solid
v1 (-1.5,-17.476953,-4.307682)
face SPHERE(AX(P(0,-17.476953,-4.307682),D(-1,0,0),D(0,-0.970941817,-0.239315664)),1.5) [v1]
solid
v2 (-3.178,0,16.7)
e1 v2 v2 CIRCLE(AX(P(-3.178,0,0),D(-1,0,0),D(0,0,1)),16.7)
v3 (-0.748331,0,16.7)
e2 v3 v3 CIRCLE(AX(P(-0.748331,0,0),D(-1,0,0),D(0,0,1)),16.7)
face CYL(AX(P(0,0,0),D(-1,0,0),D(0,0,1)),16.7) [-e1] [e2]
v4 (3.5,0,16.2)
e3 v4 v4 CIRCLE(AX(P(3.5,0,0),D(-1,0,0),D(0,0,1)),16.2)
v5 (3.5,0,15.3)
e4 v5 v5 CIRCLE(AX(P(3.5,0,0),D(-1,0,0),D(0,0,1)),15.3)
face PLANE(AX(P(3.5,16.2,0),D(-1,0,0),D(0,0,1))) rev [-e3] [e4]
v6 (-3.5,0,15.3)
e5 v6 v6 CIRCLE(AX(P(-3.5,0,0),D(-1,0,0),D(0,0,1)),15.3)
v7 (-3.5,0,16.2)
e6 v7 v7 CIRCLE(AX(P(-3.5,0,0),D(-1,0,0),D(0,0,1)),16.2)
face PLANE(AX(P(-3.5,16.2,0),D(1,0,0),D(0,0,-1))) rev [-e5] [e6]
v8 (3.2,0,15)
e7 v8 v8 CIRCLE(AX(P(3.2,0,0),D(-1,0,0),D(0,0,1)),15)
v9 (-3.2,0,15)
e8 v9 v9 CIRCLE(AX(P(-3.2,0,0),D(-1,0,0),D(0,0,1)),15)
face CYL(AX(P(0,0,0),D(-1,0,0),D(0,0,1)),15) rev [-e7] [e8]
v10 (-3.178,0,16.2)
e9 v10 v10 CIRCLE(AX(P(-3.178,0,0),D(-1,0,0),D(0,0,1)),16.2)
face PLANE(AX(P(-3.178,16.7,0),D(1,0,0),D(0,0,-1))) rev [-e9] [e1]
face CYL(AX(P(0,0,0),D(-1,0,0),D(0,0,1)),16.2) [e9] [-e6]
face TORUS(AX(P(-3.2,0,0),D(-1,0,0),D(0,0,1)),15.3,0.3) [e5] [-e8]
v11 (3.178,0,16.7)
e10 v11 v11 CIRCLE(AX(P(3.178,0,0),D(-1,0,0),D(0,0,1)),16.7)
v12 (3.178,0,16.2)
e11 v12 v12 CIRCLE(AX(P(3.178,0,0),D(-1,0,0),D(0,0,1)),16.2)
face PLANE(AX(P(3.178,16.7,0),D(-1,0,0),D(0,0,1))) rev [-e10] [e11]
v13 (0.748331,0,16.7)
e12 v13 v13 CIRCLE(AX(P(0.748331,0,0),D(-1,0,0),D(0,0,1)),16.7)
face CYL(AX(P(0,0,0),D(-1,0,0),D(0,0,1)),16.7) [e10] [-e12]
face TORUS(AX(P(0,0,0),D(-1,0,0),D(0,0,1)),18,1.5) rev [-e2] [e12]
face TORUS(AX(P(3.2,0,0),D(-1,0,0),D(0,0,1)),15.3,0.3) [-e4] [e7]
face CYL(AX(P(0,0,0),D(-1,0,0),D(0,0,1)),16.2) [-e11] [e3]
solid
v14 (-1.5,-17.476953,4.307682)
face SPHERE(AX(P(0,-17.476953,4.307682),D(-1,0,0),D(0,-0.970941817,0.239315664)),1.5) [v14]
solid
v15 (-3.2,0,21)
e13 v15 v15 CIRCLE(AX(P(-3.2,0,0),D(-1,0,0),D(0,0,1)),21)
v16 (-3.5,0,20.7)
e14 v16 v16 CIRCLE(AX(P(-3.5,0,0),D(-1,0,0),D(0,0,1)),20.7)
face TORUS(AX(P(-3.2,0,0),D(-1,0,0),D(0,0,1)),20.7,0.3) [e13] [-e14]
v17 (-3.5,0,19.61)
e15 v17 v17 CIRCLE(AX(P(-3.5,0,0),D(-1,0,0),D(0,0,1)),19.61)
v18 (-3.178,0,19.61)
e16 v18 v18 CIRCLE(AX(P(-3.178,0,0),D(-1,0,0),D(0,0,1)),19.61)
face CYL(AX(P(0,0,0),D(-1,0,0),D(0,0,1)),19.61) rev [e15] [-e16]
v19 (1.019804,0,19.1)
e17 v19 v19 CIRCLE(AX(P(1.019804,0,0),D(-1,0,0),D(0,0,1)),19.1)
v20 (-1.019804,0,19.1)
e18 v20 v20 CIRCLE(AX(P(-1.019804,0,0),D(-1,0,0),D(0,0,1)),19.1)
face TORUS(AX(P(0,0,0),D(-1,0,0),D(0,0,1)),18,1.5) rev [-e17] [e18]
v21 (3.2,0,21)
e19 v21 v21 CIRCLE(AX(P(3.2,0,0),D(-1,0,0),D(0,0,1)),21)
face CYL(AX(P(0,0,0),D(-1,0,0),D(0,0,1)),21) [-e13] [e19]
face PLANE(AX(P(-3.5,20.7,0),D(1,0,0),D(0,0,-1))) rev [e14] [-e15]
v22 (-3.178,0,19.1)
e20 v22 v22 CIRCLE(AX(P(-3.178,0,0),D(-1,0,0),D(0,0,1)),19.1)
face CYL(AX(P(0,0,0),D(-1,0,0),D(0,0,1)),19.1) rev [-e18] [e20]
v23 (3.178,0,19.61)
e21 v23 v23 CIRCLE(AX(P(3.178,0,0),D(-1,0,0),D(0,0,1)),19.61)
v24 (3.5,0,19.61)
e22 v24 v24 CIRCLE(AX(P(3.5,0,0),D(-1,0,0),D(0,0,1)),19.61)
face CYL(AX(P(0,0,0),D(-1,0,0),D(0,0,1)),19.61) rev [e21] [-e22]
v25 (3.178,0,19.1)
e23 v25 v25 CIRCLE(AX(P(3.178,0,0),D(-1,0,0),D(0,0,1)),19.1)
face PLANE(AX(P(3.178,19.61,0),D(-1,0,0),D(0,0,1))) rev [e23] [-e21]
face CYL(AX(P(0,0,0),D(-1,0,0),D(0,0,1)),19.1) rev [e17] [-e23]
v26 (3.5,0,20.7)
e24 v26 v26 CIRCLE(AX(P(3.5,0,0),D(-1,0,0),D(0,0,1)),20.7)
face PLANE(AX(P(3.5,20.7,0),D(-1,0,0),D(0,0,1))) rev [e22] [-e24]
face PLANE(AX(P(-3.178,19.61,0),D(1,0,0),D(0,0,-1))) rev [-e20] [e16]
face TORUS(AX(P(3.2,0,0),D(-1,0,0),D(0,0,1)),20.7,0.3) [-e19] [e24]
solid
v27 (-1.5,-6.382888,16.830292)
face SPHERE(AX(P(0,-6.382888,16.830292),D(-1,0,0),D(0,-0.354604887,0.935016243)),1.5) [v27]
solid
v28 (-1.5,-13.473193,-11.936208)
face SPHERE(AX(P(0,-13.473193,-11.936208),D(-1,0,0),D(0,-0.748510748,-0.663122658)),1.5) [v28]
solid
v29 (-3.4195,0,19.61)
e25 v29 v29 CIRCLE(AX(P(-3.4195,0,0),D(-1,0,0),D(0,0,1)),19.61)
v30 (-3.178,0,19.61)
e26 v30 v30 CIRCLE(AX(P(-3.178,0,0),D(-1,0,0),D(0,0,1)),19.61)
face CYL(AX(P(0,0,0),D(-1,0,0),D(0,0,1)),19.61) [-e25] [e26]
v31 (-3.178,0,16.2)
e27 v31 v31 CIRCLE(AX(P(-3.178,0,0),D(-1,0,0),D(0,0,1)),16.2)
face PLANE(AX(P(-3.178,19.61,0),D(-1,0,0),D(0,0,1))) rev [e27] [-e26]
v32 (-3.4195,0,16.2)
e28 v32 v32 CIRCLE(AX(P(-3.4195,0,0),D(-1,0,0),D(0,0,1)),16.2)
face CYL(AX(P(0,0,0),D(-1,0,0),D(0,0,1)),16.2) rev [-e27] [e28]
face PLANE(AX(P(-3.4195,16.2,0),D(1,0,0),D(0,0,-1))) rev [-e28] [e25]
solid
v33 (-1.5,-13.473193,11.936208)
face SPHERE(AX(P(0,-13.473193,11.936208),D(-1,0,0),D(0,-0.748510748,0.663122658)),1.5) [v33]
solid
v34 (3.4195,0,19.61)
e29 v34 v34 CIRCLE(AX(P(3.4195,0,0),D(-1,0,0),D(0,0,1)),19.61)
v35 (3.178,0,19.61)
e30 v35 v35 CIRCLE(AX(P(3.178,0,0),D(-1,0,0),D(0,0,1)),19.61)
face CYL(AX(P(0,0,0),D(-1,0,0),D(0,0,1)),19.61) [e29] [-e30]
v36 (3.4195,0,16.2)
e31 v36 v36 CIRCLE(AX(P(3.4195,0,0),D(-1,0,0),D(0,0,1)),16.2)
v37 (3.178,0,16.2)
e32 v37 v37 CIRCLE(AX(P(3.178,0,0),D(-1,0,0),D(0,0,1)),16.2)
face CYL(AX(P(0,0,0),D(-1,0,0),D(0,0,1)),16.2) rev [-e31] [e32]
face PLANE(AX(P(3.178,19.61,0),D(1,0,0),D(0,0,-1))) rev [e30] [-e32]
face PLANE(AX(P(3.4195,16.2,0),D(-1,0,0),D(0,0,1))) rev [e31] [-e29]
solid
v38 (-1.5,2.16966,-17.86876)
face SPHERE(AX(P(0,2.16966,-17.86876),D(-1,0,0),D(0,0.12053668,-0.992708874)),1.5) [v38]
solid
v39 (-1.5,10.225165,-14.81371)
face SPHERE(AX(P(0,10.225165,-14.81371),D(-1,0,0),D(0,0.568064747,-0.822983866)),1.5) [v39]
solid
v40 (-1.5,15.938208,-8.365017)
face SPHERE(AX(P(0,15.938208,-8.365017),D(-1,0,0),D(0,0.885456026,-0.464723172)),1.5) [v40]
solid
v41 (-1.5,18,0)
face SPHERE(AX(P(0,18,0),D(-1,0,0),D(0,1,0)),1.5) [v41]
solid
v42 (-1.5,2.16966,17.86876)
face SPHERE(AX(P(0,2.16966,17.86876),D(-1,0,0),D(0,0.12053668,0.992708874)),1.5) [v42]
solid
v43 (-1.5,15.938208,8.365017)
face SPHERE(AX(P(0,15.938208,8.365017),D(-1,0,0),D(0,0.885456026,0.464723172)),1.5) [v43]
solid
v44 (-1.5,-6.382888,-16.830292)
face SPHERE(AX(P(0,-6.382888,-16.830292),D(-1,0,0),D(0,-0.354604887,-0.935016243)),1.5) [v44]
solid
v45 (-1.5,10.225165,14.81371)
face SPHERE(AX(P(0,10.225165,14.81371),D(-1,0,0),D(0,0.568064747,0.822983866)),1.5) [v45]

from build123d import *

# Parameters (mm, degrees)
SKETCH_3_W               = 0.2415
SKETCH_3_H               = 3.41
PATTERN_CIRCULAR_2_COUNT = 13


with BuildPart() as part:
    # ｽｹｯﾁ1 → 回転1 (revolve)
    with BuildSketch(Plane.XY, mode=Mode.PRIVATE) as revolve_1_sk:
        with BuildLine():
            Line((-3.2, 21), (3.2, 21))
            ThreePointArc((3.2, 21), (3.412132034, 20.912132034), (3.5, 20.7))
            Line((3.5, 20.7), (3.5, 19.61))
            Line((3.5, 19.61), (3.178, 19.61))
            Line((3.178, 19.61), (3.178, 19.1))
            Line((3.178, 19.1), (1.019803903, 19.1))
            ThreePointArc((1.019803903, 19.1), (0, 19.5), (-1.019803903, 19.1))
            Line((-1.019803903, 19.1), (-3.178, 19.1))
            Line((-3.178, 19.1), (-3.178, 19.61))
            Line((-3.178, 19.61), (-3.5, 19.61))
            Line((-3.5, 19.61), (-3.5, 20.7))
            ThreePointArc((-3.5, 20.7), (-3.412132034, 20.912132034), (-3.2, 21))
        make_face()
        with BuildLine():
            Line((-3.178, 16.7), (-0.748331477, 16.7))
            ThreePointArc((-0.748331477, 16.7), (0, 16.5), (0.748331477, 16.7))
            Line((0.748331477, 16.7), (3.178, 16.7))
            Line((3.178, 16.7), (3.178, 16.2))
            Line((3.178, 16.2), (3.5, 16.2))
            Line((3.5, 16.2), (3.5, 15.3))
            ThreePointArc((3.5, 15.3), (3.412132034, 15.087867966), (3.2, 15))
            Line((3.2, 15), (-3.2, 15))
            ThreePointArc((-3.2, 15), (-3.412132034, 15.087867966), (-3.5, 15.3))
            Line((-3.5, 15.3), (-3.5, 16.2))
            Line((-3.5, 16.2), (-3.178, 16.2))
            Line((-3.178, 16.2), (-3.178, 16.7))
        make_face()
    revolve(revolve_1_sk.sketch.rotate(Axis((0, 0, 0), (1, 0, 0)), 90), axis=Axis((0, 0, 0), (1, 0, 0)))


with BuildPart() as body_2:
    # ｽｹｯﾁ3 → 回転3 (revolve)
    with BuildSketch(Plane.XY, mode=Mode.PRIVATE) as revolve_3_sk:
        with Locations((3.29875, 17.905)):
            Rectangle(SKETCH_3_W, SKETCH_3_H)
        with Locations((-3.29875, 17.905)):
            Rectangle(SKETCH_3_W, SKETCH_3_H)
    revolve(revolve_3_sk.sketch.rotate(Axis((0, 0, 0), (1, 0, 0)), 90), axis=Axis((0, 0, 0), (1, 0, 0)))


with BuildPart() as body_3:
    # ｽｹｯﾁ2 → 回転2 (revolve)
    with BuildSketch(Plane.XY):
        with BuildLine():
            Line((-1.5, 18), (1.5, 18))
            ThreePointArc((1.5, 18), (0, 19.5), (-1.5, 18))
        make_face()
    revolve(axis=Axis((0.04685524, 18, 0), (1, 0, 0)))


with BuildPart() as pattern_circular_2_1:
    # 円形ﾊﾟﾀｰﾝ2: pattern copy
    add(body_3.part.rotate(Axis((0, 0, 0), (1, 0, 0)), 1 * 360 / PATTERN_CIRCULAR_2_COUNT))


with BuildPart() as pattern_circular_2_2:
    # 円形ﾊﾟﾀｰﾝ2: pattern copy
    add(body_3.part.rotate(Axis((0, 0, 0), (1, 0, 0)), 2 * 360 / PATTERN_CIRCULAR_2_COUNT))


with BuildPart() as pattern_circular_2_3:
    # 円形ﾊﾟﾀｰﾝ2: pattern copy
    add(body_3.part.rotate(Axis((0, 0, 0), (1, 0, 0)), 3 * 360 / PATTERN_CIRCULAR_2_COUNT))


with BuildPart() as pattern_circular_2_4:
    # 円形ﾊﾟﾀｰﾝ2: pattern copy
    add(body_3.part.rotate(Axis((0, 0, 0), (1, 0, 0)), 4 * 360 / PATTERN_CIRCULAR_2_COUNT))


with BuildPart() as pattern_circular_2_5:
    # 円形ﾊﾟﾀｰﾝ2: pattern copy
    add(body_3.part.rotate(Axis((0, 0, 0), (1, 0, 0)), 5 * 360 / PATTERN_CIRCULAR_2_COUNT))


with BuildPart() as pattern_circular_2_6:
    # 円形ﾊﾟﾀｰﾝ2: pattern copy
    add(body_3.part.rotate(Axis((0, 0, 0), (1, 0, 0)), 6 * 360 / PATTERN_CIRCULAR_2_COUNT))


with BuildPart() as pattern_circular_2_7:
    # 円形ﾊﾟﾀｰﾝ2: pattern copy
    add(body_3.part.rotate(Axis((0, 0, 0), (1, 0, 0)), 7 * 360 / PATTERN_CIRCULAR_2_COUNT))


with BuildPart() as pattern_circular_2_8:
    # 円形ﾊﾟﾀｰﾝ2: pattern copy
    add(body_3.part.rotate(Axis((0, 0, 0), (1, 0, 0)), 8 * 360 / PATTERN_CIRCULAR_2_COUNT))


with BuildPart() as pattern_circular_2_9:
    # 円形ﾊﾟﾀｰﾝ2: pattern copy
    add(body_3.part.rotate(Axis((0, 0, 0), (1, 0, 0)), 9 * 360 / PATTERN_CIRCULAR_2_COUNT))


with BuildPart() as pattern_circular_2_10:
    # 円形ﾊﾟﾀｰﾝ2: pattern copy
    add(body_3.part.rotate(Axis((0, 0, 0), (1, 0, 0)), 10 * 360 / PATTERN_CIRCULAR_2_COUNT))


with BuildPart() as pattern_circular_2_11:
    # 円形ﾊﾟﾀｰﾝ2: pattern copy
    add(body_3.part.rotate(Axis((0, 0, 0), (1, 0, 0)), 11 * 360 / PATTERN_CIRCULAR_2_COUNT))


with BuildPart() as pattern_circular_2_12:
    # 円形ﾊﾟﾀｰﾝ2: pattern copy
    add(body_3.part.rotate(Axis((0, 0, 0), (1, 0, 0)), 12 * 360 / PATTERN_CIRCULAR_2_COUNT))


solid = Compound([part.part, body_2.part, body_3.part, pattern_circular_2_1.part, pattern_circular_2_2.part, pattern_circular_2_3.part, pattern_circular_2_4.part, pattern_circular_2_5.part, pattern_circular_2_6.part, pattern_circular_2_7.part, pattern_circular_2_8.part, pattern_circular_2_9.part, pattern_circular_2_10.part, pattern_circular_2_11.part, pattern_circular_2_12.part])
